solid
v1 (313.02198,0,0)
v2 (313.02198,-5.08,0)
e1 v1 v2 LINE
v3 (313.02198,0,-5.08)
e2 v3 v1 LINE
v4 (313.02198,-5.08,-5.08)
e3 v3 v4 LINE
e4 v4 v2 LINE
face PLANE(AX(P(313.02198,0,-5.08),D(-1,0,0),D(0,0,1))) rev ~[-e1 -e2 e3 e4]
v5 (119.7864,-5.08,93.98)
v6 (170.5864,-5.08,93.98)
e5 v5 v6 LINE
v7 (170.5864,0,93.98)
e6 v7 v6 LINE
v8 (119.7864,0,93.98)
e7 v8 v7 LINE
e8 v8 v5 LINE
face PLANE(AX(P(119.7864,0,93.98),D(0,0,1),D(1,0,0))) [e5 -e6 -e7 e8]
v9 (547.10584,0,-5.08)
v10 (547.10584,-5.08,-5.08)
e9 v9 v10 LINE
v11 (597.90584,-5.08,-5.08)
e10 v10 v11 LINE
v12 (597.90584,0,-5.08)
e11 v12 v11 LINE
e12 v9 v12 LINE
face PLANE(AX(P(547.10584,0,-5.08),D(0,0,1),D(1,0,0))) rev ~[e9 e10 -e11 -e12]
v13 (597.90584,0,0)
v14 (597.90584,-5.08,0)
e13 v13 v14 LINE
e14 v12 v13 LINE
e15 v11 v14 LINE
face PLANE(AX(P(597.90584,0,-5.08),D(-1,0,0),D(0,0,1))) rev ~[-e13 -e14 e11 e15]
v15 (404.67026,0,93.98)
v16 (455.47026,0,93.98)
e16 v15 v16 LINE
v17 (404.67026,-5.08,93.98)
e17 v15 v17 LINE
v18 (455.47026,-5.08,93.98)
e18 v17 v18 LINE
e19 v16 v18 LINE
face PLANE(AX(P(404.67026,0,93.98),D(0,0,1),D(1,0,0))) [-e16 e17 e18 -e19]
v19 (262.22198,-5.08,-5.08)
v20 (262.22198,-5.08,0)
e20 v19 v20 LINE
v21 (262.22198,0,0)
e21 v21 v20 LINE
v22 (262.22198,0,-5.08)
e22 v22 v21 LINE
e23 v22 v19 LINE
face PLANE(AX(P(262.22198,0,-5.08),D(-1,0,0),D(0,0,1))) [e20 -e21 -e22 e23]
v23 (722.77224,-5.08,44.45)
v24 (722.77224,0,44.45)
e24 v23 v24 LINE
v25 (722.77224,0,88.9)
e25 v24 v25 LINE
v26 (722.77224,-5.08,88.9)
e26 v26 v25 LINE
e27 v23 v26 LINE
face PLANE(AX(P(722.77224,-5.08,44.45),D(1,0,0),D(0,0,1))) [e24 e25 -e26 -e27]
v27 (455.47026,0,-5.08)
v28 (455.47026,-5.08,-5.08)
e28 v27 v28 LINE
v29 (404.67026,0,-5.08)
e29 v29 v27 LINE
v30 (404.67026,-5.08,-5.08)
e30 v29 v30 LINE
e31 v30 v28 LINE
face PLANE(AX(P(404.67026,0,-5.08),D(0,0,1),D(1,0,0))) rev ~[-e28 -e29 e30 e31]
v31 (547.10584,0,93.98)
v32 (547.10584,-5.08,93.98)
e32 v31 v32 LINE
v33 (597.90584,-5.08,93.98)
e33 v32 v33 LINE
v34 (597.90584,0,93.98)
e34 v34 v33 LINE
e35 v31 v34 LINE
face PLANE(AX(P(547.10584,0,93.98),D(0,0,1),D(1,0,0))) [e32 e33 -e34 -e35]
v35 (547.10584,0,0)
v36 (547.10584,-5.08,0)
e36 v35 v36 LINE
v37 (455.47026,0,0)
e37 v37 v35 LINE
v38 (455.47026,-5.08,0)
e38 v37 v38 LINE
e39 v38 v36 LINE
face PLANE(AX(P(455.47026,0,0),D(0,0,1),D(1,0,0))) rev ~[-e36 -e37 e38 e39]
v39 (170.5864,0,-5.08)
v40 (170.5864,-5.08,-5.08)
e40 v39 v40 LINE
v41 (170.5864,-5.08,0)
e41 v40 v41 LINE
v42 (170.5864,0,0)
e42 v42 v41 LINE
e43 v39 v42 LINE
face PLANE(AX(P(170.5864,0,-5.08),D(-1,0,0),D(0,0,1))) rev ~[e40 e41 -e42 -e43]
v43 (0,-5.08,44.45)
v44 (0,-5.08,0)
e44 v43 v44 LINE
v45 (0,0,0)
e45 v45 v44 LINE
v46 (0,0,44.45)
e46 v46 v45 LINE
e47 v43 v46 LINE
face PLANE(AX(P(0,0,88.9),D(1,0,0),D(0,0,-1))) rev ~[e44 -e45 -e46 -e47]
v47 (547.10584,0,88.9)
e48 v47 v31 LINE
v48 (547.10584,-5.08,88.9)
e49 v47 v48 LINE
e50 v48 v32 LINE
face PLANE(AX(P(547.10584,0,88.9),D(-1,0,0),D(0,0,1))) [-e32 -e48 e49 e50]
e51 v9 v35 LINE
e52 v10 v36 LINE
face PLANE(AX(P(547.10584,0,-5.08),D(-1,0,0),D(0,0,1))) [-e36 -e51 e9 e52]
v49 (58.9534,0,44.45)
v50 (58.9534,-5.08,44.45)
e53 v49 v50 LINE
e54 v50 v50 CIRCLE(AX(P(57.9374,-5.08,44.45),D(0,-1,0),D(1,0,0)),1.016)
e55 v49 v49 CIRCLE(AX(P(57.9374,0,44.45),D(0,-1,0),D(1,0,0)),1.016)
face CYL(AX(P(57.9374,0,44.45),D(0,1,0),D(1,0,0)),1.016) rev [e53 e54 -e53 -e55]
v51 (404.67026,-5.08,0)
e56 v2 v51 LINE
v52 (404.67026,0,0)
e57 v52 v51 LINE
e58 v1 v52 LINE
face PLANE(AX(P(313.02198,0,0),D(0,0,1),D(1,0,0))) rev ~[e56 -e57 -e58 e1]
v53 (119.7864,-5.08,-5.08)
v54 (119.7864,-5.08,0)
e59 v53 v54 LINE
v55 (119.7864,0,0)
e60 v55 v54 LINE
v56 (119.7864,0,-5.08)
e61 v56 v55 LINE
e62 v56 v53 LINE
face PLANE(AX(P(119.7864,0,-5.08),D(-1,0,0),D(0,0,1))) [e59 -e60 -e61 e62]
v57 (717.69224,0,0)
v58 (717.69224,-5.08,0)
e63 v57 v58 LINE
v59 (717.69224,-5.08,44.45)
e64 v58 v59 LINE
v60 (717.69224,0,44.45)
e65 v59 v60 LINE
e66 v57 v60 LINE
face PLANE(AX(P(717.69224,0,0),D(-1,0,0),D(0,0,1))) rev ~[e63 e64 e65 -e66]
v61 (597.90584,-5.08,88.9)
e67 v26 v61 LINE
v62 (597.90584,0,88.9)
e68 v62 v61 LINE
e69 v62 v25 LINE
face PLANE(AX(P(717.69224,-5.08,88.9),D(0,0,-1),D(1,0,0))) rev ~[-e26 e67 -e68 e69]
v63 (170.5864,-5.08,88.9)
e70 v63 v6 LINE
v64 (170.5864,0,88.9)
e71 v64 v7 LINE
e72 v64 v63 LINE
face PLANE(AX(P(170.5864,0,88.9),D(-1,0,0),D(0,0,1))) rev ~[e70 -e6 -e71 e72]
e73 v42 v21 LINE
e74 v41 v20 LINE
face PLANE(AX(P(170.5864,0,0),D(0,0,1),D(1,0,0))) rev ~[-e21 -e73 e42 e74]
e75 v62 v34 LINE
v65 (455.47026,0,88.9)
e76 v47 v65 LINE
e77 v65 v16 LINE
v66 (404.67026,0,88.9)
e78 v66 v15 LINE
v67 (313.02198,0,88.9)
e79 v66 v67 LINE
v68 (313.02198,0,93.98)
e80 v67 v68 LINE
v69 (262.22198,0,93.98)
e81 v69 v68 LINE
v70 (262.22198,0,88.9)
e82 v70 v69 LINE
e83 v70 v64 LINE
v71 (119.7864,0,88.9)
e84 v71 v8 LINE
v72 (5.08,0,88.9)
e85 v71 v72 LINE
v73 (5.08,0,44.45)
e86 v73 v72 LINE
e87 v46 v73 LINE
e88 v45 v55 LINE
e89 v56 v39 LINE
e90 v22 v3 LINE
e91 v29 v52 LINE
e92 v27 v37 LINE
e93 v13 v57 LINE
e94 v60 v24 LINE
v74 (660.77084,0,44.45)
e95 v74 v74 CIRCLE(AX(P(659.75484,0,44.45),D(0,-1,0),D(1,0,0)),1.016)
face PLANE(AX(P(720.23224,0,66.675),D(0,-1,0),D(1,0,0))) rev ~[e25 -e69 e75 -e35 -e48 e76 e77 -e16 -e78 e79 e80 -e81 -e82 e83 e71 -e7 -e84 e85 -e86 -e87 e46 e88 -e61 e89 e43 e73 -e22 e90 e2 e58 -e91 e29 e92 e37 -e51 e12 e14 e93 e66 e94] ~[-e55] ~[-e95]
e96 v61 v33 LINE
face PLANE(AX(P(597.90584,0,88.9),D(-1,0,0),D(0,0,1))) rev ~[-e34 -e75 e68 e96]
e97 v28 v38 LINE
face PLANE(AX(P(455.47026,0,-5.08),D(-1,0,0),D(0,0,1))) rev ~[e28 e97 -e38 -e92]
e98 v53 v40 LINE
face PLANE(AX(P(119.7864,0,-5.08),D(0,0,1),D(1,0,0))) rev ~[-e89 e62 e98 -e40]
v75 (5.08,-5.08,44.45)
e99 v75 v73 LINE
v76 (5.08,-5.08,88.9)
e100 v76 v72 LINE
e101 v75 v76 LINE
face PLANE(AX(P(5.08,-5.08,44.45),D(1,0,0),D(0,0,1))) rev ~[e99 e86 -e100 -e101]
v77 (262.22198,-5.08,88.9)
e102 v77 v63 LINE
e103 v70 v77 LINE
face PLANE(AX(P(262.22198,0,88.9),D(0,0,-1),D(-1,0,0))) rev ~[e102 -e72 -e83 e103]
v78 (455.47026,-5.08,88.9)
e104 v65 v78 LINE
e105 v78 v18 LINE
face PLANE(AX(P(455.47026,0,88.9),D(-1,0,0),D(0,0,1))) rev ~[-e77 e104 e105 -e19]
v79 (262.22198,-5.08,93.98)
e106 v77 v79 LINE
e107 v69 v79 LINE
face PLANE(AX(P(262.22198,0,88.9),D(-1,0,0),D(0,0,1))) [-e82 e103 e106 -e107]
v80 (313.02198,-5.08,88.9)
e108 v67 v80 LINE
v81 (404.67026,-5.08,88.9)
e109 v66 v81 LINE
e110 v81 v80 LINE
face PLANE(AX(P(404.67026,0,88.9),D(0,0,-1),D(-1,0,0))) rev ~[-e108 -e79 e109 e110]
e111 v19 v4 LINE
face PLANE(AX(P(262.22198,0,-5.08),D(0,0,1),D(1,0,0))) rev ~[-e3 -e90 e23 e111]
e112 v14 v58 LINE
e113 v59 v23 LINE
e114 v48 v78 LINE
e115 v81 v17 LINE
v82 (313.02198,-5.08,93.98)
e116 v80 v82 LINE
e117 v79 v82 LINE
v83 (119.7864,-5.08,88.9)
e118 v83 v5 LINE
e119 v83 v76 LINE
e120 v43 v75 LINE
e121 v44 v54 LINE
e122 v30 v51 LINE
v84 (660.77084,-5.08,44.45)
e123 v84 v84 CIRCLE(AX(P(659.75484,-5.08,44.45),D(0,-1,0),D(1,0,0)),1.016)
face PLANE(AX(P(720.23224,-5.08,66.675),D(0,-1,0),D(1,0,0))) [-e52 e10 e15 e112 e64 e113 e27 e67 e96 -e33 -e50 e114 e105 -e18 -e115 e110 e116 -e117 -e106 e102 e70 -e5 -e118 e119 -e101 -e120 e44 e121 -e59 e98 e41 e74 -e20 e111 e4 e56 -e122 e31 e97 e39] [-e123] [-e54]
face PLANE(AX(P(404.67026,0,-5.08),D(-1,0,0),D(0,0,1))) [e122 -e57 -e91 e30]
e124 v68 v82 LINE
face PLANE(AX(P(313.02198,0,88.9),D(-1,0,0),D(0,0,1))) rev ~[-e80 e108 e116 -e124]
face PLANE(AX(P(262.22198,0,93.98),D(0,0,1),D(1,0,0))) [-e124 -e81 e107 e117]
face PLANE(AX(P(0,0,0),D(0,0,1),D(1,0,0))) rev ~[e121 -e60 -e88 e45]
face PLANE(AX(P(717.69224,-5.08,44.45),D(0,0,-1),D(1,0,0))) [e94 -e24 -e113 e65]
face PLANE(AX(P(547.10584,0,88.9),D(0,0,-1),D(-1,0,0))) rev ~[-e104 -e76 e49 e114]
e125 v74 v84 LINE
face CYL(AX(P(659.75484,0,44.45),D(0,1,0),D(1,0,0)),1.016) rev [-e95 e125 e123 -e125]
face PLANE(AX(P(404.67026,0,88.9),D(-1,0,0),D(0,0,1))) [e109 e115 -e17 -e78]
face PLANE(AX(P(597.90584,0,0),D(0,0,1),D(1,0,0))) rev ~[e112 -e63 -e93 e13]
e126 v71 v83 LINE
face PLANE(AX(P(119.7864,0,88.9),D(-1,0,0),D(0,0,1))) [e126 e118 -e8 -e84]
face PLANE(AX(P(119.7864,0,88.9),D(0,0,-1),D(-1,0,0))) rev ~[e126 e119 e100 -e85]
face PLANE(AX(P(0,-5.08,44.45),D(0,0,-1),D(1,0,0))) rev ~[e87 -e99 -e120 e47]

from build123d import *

# Parameters (mm, degrees)
F0_R     = 1.016
F0_W     = 50.8
F0_H     = 5.08
F1_DEPTH = 5.08
F2_W     = 5.08
F2_H     = 44.45
F3_DEPTH = 5.081
F4_DEPTH = 5.08


with BuildPart() as f1:
    # F0 (on Front) → F1 (new body)
    with BuildSketch(Plane.XZ):
        Polygon((0, 88.9), (0, 0), (119.7864, 0), (170.5864, 0), (262.22198, 0), (313.02198, 0), (404.67026, 0), (455.47026, 0), (547.10584, 0), (597.90584, 0), (717.69224, 0), (717.69224, 88.9), (597.90584, 88.9), (547.10584, 88.9), (455.47026, 88.9), (404.67026, 88.9), (313.02198, 88.9), (262.22198, 88.9), (170.5864, 88.9), (119.7864, 88.9), align=None)
        with Locations((57.9374, 44.45)):
            Circle(F0_R, mode=Mode.SUBTRACT)
        with Locations((659.75484, 44.45)):
            Circle(F0_R, mode=Mode.SUBTRACT)
        with Locations((145.1864, 91.44)):
            Rectangle(F0_W, F0_H)
        with Locations((145.1864, -2.54)):
            Rectangle(F0_W, F0_H)
        with Locations((287.62198, -2.54)):
            Rectangle(F0_W, F0_H)
        with Locations((287.62198, 91.44)):
            Rectangle(F0_W, F0_H)
        with Locations((430.07026, 91.44)):
            Rectangle(F0_W, F0_H)
        with Locations((430.07026, -2.54)):
            Rectangle(F0_W, F0_H)
        with Locations((572.50584, 91.44)):
            Rectangle(F0_W, F0_H)
        with Locations((572.50584, -2.54)):
            Rectangle(F0_W, F0_H)
    extrude(amount=F1_DEPTH)

    # F2 (on face) → F3 (cut, through all)
    with BuildSketch(Plane.XZ.offset(5.08)):
        with Locations((2.54, 66.675)):
            Rectangle(F2_W, F2_H)
    extrude(amount=-F3_DEPTH, mode=Mode.SUBTRACT)

    # F2 (on face) → F4 (join)
    with BuildSketch(Plane.XZ.offset(5.08)):
        with Locations((720.23224, 66.675)):
            Rectangle(F2_W, F2_H)
    extrude(amount=-F4_DEPTH)


solid = f1.part
